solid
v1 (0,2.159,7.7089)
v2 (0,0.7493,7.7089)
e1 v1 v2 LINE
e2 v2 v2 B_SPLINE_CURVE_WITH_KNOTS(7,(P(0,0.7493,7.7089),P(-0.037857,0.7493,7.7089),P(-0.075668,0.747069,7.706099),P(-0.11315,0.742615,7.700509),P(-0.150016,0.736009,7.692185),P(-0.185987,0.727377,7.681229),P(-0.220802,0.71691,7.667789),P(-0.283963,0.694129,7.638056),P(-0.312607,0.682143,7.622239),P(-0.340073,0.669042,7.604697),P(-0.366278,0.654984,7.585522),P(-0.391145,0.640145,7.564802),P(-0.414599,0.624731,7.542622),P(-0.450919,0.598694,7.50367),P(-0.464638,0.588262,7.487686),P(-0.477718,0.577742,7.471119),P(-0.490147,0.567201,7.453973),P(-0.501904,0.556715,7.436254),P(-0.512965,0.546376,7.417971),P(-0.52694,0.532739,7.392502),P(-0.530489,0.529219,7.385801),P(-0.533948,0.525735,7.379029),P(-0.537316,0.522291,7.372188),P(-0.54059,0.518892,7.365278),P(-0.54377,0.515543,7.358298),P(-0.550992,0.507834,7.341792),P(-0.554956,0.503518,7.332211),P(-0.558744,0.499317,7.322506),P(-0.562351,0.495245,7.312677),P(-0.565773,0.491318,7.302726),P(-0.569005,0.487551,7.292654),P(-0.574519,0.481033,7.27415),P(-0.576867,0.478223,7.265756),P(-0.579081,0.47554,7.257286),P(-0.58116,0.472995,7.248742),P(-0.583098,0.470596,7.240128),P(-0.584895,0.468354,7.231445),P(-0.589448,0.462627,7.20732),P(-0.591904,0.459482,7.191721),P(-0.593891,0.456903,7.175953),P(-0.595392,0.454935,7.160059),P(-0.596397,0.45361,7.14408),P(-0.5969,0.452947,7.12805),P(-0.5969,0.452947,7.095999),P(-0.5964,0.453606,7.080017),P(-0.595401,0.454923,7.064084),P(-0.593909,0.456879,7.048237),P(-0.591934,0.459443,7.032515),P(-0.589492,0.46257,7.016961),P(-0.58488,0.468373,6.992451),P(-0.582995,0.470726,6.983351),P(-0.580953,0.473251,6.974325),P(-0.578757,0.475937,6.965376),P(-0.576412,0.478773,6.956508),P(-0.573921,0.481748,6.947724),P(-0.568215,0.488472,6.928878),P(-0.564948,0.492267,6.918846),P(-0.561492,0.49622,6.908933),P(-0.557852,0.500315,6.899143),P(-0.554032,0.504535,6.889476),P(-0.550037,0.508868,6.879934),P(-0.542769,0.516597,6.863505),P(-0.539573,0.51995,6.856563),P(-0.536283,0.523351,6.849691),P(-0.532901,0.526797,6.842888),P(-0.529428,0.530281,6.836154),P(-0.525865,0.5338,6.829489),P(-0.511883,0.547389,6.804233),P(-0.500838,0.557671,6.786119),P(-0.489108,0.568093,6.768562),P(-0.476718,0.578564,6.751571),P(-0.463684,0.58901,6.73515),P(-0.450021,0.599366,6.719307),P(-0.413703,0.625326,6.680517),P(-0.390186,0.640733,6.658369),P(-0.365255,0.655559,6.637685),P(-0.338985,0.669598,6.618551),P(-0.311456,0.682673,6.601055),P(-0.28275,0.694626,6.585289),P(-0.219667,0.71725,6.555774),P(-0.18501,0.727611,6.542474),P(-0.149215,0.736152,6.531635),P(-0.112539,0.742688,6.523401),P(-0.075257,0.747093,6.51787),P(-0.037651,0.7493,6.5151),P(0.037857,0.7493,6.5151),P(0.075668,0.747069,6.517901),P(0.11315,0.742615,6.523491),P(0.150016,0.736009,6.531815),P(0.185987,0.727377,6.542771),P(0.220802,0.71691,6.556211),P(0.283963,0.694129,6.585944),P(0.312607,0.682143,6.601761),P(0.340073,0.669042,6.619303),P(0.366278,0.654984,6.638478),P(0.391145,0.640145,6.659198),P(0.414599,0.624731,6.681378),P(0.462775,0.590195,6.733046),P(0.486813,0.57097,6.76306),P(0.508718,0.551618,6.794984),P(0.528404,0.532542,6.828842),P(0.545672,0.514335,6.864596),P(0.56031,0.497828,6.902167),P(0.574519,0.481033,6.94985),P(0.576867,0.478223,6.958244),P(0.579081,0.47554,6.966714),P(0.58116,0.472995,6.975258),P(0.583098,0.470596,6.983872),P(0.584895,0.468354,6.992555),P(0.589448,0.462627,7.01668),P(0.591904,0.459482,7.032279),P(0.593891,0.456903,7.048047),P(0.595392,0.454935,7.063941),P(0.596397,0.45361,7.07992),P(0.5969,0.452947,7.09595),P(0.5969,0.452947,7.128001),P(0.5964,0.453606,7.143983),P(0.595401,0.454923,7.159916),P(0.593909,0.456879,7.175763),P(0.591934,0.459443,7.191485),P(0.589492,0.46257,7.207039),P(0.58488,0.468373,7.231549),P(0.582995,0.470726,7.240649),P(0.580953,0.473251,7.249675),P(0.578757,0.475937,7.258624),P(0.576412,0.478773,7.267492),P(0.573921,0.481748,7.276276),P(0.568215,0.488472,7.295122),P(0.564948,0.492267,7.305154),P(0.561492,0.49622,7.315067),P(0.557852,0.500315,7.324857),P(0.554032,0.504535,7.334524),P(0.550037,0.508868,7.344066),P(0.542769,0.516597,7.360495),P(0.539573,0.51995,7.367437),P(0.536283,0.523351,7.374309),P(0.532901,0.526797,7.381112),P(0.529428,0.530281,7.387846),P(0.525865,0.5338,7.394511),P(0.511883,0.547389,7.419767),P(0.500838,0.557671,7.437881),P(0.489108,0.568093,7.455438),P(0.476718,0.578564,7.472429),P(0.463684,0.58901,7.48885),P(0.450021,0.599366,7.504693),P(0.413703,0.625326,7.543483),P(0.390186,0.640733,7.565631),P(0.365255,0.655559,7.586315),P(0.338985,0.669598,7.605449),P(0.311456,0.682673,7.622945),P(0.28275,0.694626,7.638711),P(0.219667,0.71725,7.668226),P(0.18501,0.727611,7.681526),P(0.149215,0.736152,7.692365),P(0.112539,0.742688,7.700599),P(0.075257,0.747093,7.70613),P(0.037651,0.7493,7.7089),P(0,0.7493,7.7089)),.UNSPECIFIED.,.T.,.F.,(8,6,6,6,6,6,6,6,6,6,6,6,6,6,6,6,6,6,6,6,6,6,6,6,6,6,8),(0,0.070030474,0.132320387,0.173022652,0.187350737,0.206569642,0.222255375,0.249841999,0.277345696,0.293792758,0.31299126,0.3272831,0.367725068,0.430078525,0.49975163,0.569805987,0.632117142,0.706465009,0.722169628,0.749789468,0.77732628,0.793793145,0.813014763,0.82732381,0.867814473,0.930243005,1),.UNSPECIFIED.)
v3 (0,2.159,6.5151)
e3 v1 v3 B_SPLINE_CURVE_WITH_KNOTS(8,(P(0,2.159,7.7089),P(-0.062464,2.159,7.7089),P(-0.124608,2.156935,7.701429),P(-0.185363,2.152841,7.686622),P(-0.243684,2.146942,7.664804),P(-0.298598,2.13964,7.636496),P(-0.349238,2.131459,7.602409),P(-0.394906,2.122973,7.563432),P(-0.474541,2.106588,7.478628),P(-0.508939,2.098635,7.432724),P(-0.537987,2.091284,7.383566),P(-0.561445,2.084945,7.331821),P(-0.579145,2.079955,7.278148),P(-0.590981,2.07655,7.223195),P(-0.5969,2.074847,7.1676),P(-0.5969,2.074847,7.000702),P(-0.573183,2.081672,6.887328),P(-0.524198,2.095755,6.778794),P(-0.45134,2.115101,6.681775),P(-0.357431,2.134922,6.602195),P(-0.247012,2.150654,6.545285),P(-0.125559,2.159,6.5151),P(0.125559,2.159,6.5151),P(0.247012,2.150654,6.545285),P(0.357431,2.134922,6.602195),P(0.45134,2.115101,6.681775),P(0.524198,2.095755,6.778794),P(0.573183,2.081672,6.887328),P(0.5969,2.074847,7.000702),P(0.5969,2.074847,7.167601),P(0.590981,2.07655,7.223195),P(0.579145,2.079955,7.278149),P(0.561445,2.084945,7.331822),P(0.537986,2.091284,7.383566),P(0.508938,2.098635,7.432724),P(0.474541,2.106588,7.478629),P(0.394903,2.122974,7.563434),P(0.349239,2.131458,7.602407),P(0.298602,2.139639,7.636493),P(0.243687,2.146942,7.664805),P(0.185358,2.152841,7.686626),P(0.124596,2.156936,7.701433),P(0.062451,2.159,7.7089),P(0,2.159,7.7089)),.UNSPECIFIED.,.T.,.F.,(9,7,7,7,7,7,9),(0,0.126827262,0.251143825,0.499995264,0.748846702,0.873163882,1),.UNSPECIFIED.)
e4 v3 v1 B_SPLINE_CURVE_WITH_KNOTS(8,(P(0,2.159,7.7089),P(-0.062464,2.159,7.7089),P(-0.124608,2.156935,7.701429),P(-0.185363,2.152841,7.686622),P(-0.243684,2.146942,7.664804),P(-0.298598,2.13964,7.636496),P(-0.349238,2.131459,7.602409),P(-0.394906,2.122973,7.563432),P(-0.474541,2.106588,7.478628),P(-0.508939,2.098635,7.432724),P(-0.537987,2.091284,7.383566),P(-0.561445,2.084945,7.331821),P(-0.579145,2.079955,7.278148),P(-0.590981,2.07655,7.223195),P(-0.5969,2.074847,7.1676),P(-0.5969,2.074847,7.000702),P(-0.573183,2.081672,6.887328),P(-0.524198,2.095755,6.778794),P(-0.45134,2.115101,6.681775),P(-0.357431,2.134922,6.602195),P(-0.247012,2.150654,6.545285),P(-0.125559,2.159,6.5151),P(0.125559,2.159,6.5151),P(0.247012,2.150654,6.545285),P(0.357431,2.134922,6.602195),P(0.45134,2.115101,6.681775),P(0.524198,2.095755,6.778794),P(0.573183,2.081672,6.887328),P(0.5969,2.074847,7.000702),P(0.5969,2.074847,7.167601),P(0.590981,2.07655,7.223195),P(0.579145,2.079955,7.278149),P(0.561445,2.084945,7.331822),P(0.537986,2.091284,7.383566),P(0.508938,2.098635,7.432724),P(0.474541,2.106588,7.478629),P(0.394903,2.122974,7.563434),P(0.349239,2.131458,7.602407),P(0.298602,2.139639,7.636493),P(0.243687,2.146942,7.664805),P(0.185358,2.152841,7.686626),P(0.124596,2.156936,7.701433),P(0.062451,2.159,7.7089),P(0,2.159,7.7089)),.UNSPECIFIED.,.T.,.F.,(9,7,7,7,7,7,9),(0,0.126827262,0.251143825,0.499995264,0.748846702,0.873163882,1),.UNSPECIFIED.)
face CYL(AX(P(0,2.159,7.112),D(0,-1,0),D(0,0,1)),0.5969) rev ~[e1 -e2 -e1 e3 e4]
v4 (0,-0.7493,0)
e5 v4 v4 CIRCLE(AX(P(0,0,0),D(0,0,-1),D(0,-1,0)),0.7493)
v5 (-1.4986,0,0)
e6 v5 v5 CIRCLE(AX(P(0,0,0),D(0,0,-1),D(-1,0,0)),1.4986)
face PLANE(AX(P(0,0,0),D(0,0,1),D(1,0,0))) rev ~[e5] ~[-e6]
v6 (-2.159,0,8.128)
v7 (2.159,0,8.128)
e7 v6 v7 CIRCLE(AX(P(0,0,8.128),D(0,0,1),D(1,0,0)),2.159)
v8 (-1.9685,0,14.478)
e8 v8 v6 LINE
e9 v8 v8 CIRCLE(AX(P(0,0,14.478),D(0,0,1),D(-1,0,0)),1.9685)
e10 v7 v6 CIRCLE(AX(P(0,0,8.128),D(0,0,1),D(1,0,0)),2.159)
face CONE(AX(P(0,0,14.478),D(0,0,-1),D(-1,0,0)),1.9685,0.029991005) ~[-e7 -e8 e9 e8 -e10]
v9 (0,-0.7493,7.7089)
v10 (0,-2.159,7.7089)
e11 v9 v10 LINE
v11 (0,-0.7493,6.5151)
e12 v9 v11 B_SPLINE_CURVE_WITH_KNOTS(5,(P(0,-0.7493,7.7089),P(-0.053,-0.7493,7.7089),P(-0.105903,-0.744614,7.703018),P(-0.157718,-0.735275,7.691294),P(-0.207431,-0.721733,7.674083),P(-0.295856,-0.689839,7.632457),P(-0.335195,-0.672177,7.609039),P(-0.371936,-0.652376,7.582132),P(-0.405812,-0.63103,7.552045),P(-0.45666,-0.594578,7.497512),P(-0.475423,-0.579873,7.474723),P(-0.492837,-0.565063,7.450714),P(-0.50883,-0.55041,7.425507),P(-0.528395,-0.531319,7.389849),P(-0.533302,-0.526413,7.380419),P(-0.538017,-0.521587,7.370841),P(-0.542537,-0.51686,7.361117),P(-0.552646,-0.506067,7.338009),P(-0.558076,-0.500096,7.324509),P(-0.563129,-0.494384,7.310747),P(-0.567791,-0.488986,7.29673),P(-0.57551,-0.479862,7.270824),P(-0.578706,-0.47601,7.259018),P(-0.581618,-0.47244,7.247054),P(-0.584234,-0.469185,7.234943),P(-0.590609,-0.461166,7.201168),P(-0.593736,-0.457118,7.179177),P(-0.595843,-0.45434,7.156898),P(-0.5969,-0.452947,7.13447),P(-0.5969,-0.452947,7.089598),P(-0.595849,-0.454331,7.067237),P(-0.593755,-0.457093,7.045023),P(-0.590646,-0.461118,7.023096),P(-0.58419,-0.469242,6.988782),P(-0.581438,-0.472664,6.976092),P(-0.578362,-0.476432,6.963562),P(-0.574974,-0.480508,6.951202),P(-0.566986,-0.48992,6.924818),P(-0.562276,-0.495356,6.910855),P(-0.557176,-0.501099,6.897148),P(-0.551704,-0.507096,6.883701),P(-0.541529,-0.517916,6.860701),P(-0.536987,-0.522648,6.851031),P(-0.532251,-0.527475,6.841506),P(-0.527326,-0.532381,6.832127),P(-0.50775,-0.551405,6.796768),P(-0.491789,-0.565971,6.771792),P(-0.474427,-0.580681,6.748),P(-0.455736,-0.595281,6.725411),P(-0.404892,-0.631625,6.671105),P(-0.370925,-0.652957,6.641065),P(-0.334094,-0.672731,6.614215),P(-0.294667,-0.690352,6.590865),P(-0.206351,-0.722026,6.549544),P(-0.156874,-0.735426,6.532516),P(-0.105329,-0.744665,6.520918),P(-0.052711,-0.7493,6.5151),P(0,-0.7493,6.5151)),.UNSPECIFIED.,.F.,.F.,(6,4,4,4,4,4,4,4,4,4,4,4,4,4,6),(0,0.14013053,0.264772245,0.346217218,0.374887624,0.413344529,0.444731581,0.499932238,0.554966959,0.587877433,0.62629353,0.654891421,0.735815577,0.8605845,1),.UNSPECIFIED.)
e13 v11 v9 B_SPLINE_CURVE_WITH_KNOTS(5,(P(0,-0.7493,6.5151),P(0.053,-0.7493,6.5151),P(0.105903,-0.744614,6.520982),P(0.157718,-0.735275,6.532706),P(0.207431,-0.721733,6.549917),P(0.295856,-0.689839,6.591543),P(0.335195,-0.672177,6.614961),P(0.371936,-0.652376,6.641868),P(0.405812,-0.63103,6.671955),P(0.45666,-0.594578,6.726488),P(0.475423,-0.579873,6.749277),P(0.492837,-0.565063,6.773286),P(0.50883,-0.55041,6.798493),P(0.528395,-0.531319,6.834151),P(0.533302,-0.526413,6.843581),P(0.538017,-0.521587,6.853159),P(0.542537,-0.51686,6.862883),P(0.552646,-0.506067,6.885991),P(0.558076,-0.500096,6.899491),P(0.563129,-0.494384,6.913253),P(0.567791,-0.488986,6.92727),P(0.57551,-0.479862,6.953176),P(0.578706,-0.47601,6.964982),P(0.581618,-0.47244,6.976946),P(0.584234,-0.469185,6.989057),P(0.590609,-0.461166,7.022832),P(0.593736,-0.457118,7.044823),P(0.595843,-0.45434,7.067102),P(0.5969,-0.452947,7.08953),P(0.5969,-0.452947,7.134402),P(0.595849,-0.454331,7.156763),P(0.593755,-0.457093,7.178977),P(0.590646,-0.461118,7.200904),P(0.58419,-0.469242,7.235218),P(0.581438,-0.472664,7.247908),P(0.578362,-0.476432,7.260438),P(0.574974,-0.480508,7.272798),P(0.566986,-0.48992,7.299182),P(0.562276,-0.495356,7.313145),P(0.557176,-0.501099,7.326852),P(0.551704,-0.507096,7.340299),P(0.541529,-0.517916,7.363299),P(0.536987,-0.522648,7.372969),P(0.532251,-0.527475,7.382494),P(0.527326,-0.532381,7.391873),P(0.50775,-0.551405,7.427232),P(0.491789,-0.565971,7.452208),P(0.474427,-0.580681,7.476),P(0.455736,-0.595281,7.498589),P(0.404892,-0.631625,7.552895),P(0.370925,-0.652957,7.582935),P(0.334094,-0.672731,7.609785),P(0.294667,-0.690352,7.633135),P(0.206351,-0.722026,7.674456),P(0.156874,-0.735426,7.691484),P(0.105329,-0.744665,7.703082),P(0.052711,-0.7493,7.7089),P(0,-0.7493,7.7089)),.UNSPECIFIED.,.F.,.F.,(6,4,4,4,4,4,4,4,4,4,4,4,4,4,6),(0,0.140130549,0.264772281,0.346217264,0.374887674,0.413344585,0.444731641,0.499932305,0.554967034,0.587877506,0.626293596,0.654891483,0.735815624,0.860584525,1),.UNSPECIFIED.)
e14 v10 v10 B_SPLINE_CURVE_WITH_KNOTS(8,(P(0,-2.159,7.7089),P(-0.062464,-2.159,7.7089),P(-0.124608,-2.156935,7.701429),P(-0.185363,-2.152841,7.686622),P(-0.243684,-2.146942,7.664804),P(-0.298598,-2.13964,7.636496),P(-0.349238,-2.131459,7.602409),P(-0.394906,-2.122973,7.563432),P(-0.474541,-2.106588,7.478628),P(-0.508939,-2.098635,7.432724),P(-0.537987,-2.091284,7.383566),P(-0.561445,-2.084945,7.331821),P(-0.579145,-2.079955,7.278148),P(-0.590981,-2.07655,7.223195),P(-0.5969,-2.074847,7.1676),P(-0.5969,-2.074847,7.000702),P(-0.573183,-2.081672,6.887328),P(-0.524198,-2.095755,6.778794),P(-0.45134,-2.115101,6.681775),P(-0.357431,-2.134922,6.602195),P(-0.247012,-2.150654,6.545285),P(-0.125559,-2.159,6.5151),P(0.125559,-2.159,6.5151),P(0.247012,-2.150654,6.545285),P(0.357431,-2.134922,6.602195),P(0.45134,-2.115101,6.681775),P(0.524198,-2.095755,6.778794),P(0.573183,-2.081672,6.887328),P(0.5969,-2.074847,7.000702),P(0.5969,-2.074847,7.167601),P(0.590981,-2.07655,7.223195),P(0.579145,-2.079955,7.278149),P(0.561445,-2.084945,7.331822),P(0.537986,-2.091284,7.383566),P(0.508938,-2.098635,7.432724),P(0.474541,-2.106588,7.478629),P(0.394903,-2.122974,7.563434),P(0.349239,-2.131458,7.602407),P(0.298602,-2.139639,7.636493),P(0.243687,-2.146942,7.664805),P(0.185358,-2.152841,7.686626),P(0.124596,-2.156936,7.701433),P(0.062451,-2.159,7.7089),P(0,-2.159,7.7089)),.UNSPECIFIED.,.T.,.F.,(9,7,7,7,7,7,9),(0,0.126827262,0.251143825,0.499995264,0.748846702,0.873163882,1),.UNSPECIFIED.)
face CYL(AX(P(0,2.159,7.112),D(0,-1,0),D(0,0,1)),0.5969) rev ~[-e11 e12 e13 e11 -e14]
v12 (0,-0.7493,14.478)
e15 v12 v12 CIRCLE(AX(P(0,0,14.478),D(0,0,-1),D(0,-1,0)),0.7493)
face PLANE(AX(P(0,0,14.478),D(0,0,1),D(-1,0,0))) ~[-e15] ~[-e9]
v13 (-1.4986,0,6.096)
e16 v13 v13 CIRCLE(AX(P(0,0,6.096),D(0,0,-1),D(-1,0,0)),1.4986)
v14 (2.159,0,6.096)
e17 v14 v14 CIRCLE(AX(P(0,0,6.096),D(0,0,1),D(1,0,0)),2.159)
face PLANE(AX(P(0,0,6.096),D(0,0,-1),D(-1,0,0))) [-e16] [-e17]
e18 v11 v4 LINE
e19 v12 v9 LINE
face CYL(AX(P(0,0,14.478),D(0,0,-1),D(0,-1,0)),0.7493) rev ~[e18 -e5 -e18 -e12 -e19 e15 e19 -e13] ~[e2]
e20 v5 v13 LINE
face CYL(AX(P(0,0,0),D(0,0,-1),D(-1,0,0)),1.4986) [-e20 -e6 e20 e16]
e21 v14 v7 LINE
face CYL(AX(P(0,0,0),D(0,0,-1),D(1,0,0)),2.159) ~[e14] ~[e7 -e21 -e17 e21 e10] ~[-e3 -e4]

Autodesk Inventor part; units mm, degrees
ref_plane "YZ Plane" through (0, 0, 0) normal (1, 0, 0) x (0, 1, 0)
ref_plane "XY Plane" through (0, 0, 0) normal (0, 0, 1) x (1, 0, 0)
sketch "Sketch1" plane through (0, 0, 0) normal (0, 0, 1) x (1, 0, 0)
  circle A0 centre (0, 0) radius 2.159
  dimension "d0" = 4.318
extrude "Extrusion1" add sketch "Sketch1" along normal blind 8.128
sketch "Sketch2" plane through (0, 0, 0) normal (0, 0, -1) x (-1, 0, 0)
  circle A0 centre (0, 0) radius 2.159 projected
  circle A1 centre (0, 0) radius 1.4986
  dimension "d3" = 2.9972
extrude "Extrusion2" cut sketch "Sketch2" against normal blind 6.096
sketch "Sketch3" plane through (0, 0, 0) normal (0, 1, 0) x (-1, 0, 0)
  line L0 (-2.159, 8.128) -> (2.159, 8.128) projected
  line L1 (0, -2.8448) -> (0, 17.0688) projected
  line L2 (2.159, 8.128) -> (0, 8.128)
  line L3 (0, 8.128) -> (0, 14.478)
  line L4 (2.159, 6.096) -> (-2.159, 6.096) projected
  line L5 (-2.159, 8.128) -> (2.159, 8.128) projected
  line L6 (2.159, 6.096) -> (2.159, 8.128) projected
  line L7 (-1.4986, 0) -> (1.4986, 0) projected
  line L8 (0, 14.478) -> (1.9685, 14.478)
  line L9 (1.9685, 14.478) -> (2.159, 8.128)
  point P0 (0, 0)
  dimension "d22" = 8.128
  dimension "d23" = 6.096
  dimension "d24" = 6.35
  dimension "d25" = 1.9685
revolve "Revolution1" add sketch "Sketch3" angle 360 about axis through (0, 0, -10) along (0, 0, 1) contours L1 L8 L9 L0
hole "Hole1" at (0, 0, 14.478) direction (0, 0, -1) diameter 1.4986 end through all
ref_plane "Work Plane1" through (0, 2.159, 0) normal (0, 1, 0) x (-1, 0, 0)
sketch "Sketch5" plane through (0, 2.159, 0) normal (0, 1, 0) x (-1, 0, 0)
  line L0 (2.159, 6.096) -> (-2.159, 6.096) projected
  line L1 (-2.159, 8.128) -> (2.159, 8.128) projected
  line L2 (0, -2.8956) -> (0, 17.3736) projected
  line L3 (0, 8.128) -> (0, 6.096)
  point P0 (0, 0)
  point P1 (0, 7.112)
hole "Hole2" at (0, 2.159, 7.112) direction (0, -1, 0) diameter 1.1938 end through all
equation "\"d25\" = 0.5 * d0 - 0.03 * d6"
equation "\"d6\" = 6.35"
properties part number "Tool_Mount_Luer_Adapter_Original" material "Acetal Resin, White"
